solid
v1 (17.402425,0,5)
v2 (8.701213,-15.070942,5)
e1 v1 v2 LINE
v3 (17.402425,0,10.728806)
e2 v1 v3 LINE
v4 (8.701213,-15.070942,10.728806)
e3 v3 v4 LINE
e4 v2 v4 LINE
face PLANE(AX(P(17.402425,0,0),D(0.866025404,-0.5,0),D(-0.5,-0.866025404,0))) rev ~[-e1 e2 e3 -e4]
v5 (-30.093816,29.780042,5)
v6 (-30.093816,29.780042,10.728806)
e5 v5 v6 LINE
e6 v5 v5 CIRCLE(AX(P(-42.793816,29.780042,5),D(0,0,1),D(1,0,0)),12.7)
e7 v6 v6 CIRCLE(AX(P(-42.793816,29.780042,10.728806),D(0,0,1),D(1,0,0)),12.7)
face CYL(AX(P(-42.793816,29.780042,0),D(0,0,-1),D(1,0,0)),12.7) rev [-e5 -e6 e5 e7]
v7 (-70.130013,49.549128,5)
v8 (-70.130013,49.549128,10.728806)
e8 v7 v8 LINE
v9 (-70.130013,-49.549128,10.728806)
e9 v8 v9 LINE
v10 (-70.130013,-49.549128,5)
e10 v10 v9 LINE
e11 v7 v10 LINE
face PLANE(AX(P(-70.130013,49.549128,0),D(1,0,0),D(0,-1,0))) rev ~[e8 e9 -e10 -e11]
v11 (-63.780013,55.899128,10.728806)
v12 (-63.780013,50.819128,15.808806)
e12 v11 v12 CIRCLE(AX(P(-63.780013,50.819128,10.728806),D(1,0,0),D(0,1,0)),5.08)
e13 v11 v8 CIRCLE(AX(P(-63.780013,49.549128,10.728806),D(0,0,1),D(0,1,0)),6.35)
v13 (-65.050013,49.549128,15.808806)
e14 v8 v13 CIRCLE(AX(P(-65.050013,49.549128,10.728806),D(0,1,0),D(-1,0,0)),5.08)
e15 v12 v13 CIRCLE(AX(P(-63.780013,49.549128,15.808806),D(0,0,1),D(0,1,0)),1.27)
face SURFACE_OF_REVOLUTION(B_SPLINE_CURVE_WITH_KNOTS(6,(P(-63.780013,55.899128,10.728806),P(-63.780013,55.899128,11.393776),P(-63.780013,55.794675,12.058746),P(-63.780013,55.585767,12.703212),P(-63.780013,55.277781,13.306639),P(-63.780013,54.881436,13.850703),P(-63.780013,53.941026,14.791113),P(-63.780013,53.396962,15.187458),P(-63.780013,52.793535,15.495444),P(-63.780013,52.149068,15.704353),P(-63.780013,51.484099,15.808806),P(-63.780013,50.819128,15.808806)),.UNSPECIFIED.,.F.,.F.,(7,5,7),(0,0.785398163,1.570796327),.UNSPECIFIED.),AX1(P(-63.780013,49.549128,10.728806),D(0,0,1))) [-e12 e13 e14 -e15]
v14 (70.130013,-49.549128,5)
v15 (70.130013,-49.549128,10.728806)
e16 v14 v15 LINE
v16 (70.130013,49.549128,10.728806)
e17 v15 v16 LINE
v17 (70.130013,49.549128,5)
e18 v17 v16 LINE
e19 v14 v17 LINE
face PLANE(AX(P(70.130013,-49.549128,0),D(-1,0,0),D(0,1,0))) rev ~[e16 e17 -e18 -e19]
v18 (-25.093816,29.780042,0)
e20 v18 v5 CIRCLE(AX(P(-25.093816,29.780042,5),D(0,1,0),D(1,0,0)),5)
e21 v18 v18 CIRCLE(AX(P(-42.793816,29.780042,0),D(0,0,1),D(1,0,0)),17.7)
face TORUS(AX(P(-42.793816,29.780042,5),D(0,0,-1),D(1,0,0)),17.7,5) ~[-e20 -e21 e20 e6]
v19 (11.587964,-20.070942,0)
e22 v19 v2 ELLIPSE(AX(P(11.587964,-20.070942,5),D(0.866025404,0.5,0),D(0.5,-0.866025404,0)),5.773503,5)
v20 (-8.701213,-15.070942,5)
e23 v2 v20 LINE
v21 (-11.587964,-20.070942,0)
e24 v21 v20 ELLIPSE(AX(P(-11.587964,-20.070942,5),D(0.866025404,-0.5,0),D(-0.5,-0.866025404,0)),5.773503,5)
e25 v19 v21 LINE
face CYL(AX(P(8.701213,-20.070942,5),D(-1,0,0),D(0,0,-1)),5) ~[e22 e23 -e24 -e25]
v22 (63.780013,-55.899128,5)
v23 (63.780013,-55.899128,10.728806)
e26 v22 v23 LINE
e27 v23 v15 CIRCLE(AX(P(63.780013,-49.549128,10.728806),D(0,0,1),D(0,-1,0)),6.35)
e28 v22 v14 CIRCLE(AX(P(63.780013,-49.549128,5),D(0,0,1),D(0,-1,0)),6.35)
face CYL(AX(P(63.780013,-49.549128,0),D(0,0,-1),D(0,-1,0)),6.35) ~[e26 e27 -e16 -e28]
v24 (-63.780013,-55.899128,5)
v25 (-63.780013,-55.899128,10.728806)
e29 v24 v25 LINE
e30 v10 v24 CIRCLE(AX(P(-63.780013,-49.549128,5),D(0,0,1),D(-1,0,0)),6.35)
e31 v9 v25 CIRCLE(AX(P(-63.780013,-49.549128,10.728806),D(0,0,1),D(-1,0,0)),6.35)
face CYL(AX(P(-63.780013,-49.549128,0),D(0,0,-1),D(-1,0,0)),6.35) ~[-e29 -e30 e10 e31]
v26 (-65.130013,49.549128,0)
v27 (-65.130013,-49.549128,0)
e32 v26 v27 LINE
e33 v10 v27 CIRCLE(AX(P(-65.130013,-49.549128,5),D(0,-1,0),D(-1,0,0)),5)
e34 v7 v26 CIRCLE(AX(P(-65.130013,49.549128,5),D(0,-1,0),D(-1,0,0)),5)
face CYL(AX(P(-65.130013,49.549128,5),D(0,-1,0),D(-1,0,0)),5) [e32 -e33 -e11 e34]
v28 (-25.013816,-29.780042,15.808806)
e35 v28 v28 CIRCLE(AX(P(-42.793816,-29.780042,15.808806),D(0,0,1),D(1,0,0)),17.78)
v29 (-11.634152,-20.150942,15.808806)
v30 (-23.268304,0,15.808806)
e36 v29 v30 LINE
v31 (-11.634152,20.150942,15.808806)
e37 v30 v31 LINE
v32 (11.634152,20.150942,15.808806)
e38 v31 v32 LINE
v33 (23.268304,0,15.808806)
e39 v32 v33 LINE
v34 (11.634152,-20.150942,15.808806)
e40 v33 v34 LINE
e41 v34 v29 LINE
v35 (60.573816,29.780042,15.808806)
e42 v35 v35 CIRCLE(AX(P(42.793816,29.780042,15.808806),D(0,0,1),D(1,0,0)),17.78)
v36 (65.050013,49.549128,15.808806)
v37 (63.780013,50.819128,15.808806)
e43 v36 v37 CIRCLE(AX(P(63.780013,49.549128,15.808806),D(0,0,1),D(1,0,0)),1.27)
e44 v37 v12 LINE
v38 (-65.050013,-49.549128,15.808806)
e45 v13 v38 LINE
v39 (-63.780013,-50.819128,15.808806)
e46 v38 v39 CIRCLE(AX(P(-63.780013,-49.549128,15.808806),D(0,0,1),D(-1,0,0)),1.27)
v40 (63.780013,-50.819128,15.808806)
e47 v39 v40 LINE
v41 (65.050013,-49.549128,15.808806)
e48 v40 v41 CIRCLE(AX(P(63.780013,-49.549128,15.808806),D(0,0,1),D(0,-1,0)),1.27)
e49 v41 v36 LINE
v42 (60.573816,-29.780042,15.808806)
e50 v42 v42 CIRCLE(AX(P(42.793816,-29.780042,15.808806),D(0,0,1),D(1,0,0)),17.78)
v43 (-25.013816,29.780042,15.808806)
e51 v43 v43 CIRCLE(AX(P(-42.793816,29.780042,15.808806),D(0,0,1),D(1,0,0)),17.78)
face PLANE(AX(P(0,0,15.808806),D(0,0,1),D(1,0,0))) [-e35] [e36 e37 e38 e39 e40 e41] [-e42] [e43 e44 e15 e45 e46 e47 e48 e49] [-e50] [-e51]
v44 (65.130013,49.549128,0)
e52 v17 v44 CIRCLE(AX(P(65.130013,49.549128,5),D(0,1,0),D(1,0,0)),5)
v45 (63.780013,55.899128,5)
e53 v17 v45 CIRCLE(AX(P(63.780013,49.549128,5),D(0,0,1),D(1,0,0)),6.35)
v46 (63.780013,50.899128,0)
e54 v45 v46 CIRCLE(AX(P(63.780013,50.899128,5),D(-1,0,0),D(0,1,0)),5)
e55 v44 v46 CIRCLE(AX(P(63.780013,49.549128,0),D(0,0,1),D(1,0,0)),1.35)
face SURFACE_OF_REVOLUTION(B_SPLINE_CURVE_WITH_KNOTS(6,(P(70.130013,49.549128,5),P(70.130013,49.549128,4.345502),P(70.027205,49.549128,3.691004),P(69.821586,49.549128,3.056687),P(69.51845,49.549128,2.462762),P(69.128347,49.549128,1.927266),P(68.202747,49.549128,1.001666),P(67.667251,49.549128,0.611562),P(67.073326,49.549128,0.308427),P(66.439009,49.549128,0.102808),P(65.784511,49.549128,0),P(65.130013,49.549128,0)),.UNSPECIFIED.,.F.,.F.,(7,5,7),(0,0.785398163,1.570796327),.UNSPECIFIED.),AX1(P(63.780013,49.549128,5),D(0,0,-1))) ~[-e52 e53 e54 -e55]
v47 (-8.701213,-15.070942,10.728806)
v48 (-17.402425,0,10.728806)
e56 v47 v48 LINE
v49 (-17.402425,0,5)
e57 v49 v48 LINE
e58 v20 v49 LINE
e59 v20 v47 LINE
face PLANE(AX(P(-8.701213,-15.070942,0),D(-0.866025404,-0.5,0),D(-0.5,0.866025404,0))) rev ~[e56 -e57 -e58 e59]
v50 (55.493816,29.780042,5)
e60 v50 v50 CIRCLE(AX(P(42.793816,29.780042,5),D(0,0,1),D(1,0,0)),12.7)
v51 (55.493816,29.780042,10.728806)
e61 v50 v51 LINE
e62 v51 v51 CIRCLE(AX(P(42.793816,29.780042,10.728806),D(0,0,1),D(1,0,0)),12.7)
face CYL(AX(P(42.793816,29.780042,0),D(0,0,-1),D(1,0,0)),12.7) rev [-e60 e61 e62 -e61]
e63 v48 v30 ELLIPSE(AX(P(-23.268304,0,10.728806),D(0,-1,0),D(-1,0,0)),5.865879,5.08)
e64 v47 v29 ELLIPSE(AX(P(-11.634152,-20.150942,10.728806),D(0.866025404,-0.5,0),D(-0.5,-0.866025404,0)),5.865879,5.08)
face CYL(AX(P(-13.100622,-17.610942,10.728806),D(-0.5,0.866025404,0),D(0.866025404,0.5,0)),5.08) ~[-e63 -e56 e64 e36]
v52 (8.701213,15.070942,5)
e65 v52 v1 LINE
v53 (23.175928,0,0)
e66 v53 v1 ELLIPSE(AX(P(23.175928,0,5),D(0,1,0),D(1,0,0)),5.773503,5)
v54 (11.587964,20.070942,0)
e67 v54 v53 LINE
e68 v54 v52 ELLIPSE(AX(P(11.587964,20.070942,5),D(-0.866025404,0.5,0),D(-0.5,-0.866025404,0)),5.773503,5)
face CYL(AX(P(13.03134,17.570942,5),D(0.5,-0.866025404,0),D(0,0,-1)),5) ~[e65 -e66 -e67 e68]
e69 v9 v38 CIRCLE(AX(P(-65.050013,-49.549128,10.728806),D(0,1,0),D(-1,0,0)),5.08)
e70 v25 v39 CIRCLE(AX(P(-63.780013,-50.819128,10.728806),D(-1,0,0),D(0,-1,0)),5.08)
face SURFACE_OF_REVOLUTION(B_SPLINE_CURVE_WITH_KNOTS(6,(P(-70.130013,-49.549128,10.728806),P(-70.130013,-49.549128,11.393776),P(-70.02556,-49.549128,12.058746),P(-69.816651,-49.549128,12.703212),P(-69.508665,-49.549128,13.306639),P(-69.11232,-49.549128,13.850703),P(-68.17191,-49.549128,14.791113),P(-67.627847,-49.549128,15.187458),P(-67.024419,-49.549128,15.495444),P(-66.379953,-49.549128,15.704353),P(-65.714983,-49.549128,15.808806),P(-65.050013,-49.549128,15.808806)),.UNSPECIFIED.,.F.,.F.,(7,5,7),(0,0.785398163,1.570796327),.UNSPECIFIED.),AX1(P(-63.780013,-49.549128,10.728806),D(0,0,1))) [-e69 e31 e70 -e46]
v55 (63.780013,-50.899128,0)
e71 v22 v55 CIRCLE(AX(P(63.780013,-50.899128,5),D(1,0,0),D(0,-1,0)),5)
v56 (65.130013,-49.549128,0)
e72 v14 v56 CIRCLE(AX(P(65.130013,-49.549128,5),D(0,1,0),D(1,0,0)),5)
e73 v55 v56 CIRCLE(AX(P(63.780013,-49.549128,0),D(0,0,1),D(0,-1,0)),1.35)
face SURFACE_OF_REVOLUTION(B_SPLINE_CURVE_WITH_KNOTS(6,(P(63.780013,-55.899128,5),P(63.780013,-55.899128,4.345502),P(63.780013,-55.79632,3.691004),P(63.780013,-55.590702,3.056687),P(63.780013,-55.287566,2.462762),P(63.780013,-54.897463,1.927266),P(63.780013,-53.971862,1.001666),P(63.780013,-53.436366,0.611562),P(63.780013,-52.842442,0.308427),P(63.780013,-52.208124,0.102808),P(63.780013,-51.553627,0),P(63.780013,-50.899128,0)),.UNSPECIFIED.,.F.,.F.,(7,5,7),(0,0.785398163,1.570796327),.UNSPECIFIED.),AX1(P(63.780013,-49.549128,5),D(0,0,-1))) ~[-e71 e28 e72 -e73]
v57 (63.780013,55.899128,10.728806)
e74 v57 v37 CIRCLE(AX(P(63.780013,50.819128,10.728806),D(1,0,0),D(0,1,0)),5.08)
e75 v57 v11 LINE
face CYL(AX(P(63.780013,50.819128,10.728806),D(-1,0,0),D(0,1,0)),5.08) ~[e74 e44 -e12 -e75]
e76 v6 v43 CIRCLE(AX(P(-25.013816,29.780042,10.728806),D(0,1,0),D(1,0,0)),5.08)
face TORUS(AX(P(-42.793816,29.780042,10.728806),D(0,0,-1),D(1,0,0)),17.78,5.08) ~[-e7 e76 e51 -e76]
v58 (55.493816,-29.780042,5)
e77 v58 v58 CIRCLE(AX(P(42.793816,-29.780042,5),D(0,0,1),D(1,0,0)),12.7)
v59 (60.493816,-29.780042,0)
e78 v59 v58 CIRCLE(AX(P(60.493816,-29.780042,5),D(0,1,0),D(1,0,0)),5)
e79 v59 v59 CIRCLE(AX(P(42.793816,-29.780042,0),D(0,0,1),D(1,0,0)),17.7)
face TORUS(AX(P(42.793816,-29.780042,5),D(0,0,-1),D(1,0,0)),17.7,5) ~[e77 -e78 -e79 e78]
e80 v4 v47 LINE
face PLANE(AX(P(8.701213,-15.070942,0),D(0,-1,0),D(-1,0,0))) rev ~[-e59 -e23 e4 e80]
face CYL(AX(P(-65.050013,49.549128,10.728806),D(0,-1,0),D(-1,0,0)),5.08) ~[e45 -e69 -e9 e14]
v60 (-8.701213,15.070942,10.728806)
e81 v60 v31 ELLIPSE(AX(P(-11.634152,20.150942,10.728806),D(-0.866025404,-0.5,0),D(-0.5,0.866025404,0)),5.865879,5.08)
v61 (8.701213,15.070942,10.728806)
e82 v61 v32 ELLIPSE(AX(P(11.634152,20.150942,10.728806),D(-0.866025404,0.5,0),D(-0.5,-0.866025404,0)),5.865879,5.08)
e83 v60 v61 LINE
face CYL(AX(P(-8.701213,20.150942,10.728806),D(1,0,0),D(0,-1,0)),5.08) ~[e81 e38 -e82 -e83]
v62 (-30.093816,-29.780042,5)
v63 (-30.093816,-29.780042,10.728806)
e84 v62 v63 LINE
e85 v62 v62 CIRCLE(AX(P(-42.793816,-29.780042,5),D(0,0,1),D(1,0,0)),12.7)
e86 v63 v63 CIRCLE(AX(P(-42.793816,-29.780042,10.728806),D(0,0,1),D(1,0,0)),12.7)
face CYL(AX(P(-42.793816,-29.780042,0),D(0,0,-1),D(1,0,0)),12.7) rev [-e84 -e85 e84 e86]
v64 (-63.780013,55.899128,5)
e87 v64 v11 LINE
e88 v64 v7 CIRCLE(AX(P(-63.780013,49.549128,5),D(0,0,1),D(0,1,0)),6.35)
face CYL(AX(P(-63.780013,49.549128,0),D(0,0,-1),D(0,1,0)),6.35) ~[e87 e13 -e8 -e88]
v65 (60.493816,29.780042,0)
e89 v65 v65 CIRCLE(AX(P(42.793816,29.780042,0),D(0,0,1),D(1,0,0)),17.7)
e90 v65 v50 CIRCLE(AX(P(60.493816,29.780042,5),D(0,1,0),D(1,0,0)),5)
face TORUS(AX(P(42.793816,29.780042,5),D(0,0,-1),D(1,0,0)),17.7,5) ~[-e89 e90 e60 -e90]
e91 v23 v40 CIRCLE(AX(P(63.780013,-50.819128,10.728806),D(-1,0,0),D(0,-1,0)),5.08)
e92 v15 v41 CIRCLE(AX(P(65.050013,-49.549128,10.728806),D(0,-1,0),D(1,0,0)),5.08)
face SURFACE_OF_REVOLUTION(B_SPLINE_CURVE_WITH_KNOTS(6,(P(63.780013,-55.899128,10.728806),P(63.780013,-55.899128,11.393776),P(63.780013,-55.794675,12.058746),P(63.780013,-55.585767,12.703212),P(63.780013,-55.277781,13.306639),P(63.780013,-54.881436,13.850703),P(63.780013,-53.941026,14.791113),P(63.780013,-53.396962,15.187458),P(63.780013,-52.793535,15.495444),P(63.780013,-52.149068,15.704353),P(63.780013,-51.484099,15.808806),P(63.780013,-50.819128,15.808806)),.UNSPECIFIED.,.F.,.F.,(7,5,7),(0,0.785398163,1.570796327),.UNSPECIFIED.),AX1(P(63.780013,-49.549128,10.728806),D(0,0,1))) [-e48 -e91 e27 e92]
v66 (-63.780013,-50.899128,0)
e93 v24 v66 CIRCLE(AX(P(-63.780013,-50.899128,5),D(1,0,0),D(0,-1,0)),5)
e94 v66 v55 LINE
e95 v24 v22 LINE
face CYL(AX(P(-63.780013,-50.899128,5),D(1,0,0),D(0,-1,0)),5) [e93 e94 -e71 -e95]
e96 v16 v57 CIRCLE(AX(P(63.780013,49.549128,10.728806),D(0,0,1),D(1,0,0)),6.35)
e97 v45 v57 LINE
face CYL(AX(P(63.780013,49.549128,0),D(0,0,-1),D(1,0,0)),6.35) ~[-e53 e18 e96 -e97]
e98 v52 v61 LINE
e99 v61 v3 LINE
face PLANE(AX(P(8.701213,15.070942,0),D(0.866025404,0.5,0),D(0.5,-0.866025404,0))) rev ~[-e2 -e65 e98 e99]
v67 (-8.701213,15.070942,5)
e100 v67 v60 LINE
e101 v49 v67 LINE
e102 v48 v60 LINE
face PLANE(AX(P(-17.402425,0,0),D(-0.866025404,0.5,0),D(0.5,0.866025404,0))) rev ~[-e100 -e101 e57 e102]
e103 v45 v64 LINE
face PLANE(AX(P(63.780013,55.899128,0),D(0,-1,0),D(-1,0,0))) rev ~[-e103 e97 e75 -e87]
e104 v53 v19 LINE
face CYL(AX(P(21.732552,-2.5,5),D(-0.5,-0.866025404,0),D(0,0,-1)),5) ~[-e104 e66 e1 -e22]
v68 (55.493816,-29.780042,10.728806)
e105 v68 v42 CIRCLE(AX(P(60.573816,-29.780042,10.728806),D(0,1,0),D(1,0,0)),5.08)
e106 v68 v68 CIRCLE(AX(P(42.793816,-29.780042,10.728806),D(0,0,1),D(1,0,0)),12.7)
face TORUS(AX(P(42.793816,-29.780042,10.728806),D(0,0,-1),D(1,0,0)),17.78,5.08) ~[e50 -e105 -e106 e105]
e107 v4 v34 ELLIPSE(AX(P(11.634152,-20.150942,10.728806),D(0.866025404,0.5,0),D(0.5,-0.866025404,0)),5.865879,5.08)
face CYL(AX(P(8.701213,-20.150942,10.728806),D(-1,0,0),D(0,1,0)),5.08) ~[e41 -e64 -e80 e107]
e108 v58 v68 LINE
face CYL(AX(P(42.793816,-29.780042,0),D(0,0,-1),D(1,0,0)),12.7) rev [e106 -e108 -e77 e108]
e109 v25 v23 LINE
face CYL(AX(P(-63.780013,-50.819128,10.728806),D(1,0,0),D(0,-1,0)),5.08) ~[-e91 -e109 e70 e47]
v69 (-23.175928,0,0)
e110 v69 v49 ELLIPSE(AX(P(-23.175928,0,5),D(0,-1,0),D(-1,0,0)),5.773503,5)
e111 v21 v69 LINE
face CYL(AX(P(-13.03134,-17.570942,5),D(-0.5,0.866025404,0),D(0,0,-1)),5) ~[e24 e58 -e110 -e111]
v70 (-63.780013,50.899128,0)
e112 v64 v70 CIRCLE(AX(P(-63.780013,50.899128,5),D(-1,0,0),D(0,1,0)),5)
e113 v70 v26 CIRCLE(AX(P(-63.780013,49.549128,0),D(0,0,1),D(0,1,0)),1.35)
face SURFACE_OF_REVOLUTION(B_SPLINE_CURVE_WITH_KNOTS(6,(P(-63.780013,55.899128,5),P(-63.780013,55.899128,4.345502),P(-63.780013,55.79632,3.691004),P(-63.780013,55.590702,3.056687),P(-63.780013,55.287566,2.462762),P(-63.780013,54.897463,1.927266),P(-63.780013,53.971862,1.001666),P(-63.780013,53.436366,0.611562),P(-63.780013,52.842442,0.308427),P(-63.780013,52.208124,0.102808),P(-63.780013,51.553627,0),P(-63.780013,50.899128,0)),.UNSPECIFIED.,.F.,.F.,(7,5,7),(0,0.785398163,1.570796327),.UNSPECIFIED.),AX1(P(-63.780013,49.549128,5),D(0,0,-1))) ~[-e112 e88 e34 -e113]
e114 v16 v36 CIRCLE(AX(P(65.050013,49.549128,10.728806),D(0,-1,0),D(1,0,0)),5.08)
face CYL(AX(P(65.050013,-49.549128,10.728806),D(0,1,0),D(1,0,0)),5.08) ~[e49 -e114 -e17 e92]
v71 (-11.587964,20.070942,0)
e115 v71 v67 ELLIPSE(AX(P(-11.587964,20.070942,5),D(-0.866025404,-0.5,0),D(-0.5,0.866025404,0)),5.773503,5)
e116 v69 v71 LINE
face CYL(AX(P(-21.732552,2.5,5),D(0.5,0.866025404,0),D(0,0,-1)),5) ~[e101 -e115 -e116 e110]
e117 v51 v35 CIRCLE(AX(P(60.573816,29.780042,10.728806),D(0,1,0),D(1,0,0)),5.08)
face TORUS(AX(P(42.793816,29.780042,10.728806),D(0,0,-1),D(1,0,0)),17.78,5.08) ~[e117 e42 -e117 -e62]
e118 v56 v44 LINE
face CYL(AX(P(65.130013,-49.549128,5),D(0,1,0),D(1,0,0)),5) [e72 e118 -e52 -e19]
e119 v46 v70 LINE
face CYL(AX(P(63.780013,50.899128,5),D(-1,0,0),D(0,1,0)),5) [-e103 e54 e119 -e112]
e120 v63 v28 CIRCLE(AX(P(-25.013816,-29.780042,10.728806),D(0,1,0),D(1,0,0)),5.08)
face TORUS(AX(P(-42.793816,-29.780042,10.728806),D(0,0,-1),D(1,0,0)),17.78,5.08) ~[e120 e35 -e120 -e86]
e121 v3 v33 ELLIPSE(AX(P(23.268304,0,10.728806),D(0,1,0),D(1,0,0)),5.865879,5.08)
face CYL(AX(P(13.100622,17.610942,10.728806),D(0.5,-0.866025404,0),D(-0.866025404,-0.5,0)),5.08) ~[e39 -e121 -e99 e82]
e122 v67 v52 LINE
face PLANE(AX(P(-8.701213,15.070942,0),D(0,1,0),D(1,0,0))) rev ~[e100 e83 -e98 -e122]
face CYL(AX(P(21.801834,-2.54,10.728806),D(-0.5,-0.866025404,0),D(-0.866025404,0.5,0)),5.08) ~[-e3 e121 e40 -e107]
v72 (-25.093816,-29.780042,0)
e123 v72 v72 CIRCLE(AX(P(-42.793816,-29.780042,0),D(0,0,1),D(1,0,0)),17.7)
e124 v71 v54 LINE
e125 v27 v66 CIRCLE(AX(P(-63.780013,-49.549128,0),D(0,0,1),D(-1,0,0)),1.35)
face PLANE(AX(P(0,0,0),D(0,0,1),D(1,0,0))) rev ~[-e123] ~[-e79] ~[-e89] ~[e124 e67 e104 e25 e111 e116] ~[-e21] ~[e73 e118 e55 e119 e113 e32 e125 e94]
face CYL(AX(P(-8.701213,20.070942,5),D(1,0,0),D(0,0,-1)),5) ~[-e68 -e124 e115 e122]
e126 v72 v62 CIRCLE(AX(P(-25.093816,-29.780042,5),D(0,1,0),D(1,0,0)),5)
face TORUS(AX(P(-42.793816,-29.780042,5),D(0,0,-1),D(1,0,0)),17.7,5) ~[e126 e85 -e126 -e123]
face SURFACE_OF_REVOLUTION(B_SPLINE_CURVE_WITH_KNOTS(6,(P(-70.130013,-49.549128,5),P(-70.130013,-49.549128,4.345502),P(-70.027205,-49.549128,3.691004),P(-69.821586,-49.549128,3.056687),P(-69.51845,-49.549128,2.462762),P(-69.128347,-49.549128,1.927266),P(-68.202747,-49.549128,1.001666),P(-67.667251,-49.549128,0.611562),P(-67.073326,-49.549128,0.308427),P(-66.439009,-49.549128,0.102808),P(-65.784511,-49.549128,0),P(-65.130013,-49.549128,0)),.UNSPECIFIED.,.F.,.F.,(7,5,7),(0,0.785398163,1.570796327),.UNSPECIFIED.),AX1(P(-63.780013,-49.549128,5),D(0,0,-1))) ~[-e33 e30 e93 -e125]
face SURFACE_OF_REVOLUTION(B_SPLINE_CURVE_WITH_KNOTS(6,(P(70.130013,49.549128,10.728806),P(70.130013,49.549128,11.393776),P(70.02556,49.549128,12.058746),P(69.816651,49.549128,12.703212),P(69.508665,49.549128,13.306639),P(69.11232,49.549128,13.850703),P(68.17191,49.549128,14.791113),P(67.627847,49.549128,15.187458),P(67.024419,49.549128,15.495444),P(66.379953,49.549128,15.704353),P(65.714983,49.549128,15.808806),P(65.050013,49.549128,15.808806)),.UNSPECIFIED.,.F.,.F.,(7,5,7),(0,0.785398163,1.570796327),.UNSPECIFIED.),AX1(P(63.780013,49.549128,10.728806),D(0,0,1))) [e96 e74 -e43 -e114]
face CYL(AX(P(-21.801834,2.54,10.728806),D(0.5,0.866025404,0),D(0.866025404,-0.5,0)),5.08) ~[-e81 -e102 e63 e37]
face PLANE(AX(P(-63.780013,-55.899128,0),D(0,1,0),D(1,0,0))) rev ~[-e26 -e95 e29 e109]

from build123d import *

# Parameters (mm, degrees)
F0_R      = 12.7
F1_DEPTH  = 25.4
F2_DEPTH  = 15.8088058233
F5_R      = 5.08
F6_R      = 13.5184511769
F7_DEPTH  = 25
F9_DEPTH  = 10.4697644711
F11_DEPTH = 23.906044662
F13_R     = 5


with BuildPart() as f1:
    # F0 (on Top) → F1 (new body)
    with BuildSketch(Plane.XY):
        with Locations((-42.7938163823, 29.7800421347)):
            Circle(F0_R)
    extrude(amount=F1_DEPTH)


with BuildPart() as f1b:
    # F0 (on Top) → F1, piece 2 (new body)
    with BuildSketch(Plane.XY):
        with Locations((-42.7938163823, -29.7800421347)):
            Circle(F0_R)
    extrude(amount=F1_DEPTH)


with BuildPart() as f1c:
    # F0 (on Top) → F1, piece 3 (new body)
    with BuildSketch(Plane.XY):
        Polygon((8.7012127042, -15.0709424911), (17.4024254084, 0), (8.7012127042, 15.0709424911), (-8.7012127042, 15.0709424911), (-17.4024254084, 0), (-8.7012127042, -15.0709424911), align=None)
    extrude(amount=F1_DEPTH)


with BuildPart() as f1d:
    # F0 (on Top) → F1, piece 4 (new body)
    with BuildSketch(Plane.XY):
        with Locations((42.7938163823, -29.7800421347)):
            Circle(F0_R)
    extrude(amount=F1_DEPTH)


with BuildPart() as f1e:
    # F0 (on Top) → F1, piece 5 (new body)
    with BuildSketch(Plane.XY):
        with Locations((42.7938163823, 29.7800421347)):
            Circle(F0_R)
    extrude(amount=F1_DEPTH)


with BuildPart() as f2:
    # F0 (on Top) → F2 (new body)
    with BuildSketch(Plane.XY):
        with BuildLine():
            Line((-63.7800129294, -55.8991283178), (63.7800129294, -55.8991283178))
            ThreePointArc((63.7800129294, -55.8991283178), (68.27014099, -54.0392563784), (70.1300129294, -49.5491283178))
            Line((70.1300129294, -49.5491283178), (70.1300129294, 49.5491283178))
            ThreePointArc((70.1300129294, 49.5491283178), (68.27014099, 54.0392563784), (63.7800129294, 55.8991283178))
            Line((63.7800129294, 55.8991283178), (-63.7800129294, 55.8991283178))
            ThreePointArc((-63.7800129294, 55.8991283178), (-68.27014099, 54.0392563784), (-70.1300129294, 49.5491283178))
            Line((-70.1300129294, 49.5491283178), (-70.1300129294, -49.5491283178))
            ThreePointArc((-70.1300129294, -49.5491283178), (-68.27014099, -54.0392563784), (-63.7800129294, -55.8991283178))
        make_face()
        with Locations((-42.7938163823, -29.7800421347)):
            Circle(F0_R, mode=Mode.SUBTRACT)
        with Locations((42.7938163823, -29.7800421347)):
            Circle(F0_R, mode=Mode.SUBTRACT)
        Polygon((8.7012127042, 15.0709424911), (17.4024254084, 0), (8.7012127042, -15.0709424911), (-8.7012127042, -15.0709424911), (-17.4024254084, 0), (-8.7012127042, 15.0709424911), align=None, mode=Mode.SUBTRACT)
        with Locations((-42.7938163823, 29.7800421347)):
            Circle(F0_R, mode=Mode.SUBTRACT)
        with Locations((42.7938163823, 29.7800421347)):
            Circle(F0_R, mode=Mode.SUBTRACT)
    extrude(amount=F2_DEPTH)

    # F3: cut F1e, F1d, F1, F1b
    add(f1e.part, mode=Mode.SUBTRACT)
    add(f1d.part, mode=Mode.SUBTRACT)
    add(f1.part, mode=Mode.SUBTRACT)
    add(f1b.part, mode=Mode.SUBTRACT)

    # F4: cut F1c
    add(f1c.part, mode=Mode.SUBTRACT)

    # F5
    f5_edges = [f2.edges().sort_by_distance(p)[0] for p in [
        (0, -55.899128, 15.808806),
        (68.270141, -54.039256, 15.808806),
        (70.130013, 0, 15.808806),
        (68.270141, 54.039256, 15.808806),
        (0, 55.899128, 15.808806),
        (-68.270141, 54.039256, 15.808806),
        (-70.130013, 0, 15.808806),
        (-68.270141, -54.039256, 15.808806),
        (-55.493816, -29.780042, 15.808806),
        (30.093816, -29.780042, 15.808806),
        (13.051819, 7.535471, 15.808806),
        (13.051819, -7.535471, 15.808806),
        (0, -15.070942, 15.808806),
        (-13.051819, -7.535471, 15.808806),
        (-13.051819, 7.535471, 15.808806),
        (0, 15.070942, 15.808806),
        (-55.493816, 29.780042, 15.808806),
        (30.093816, 29.780042, 15.808806),
    ]]
    fillet(f5_edges, radius=F5_R)

    # F13
    f13_edges = [f2.edges().sort_by_distance(p)[0] for p in [
        (0, -55.899128, 0),
        (68.270141, -54.039256, 0),
        (70.130013, 0, 0),
        (68.270141, 54.039256, 0),
        (0, 55.899128, 0),
        (-68.270141, 54.039256, 0),
        (-70.130013, 0, 0),
        (-68.270141, -54.039256, 0),
        (-55.493816, -29.780042, 0),
        (30.093816, -29.780042, 0),
        (13.051819, 7.535471, 0),
        (13.051819, -7.535471, 0),
        (0, -15.070942, 0),
        (-13.051819, -7.535471, 0),
        (-13.051819, 7.535471, 0),
        (0, 15.070942, 0),
        (-55.493816, 29.780042, 0),
        (30.093816, 29.780042, 0),
    ]]
    fillet(f13_edges, radius=F13_R)


with BuildPart() as f7:
    # F6 (on face) → F7 (new body)
    with BuildSketch(Plane.XY):
        with Locations((108.1320345402, 28.0783548951)):
            Circle(F6_R)
    extrude(amount=F7_DEPTH)

    # F8 (on face) → F9 (join)
    with BuildSketch(Plane.XY.offset(25)):
        Polygon((107.8246939136, 14.5633978489), (119.68266036, 21.0547115817), (119.9900009866, 34.569668628), (108.4393751668, 41.5933119414), (96.5814087204, 35.1019982085), (96.2740680938, 21.5870411623), align=None)
    extrude(amount=F9_DEPTH)

    # F10 (on face) → F11 (join)
    with BuildSketch(Plane.XY.offset(35.4697644711)):
        with BuildLine():
            ThreePointArc((119.835735074, 27.7859992983), (124.7331649122, 29.7174151802), (126.775424153, 34.569668628))
            ThreePointArc((126.775424153, 34.569668628), (121.8205937752, 41.1034958057), (114.1923039725, 38.0951014921))
            Line((114.1923039725, 38.0951014921), (119.9900009866, 34.569668628))
            Line((119.9900009866, 34.569668628), (119.835735074, 27.7859992983))
        make_face()
    extrude(amount=-F11_DEPTH)


solid = f2.part
